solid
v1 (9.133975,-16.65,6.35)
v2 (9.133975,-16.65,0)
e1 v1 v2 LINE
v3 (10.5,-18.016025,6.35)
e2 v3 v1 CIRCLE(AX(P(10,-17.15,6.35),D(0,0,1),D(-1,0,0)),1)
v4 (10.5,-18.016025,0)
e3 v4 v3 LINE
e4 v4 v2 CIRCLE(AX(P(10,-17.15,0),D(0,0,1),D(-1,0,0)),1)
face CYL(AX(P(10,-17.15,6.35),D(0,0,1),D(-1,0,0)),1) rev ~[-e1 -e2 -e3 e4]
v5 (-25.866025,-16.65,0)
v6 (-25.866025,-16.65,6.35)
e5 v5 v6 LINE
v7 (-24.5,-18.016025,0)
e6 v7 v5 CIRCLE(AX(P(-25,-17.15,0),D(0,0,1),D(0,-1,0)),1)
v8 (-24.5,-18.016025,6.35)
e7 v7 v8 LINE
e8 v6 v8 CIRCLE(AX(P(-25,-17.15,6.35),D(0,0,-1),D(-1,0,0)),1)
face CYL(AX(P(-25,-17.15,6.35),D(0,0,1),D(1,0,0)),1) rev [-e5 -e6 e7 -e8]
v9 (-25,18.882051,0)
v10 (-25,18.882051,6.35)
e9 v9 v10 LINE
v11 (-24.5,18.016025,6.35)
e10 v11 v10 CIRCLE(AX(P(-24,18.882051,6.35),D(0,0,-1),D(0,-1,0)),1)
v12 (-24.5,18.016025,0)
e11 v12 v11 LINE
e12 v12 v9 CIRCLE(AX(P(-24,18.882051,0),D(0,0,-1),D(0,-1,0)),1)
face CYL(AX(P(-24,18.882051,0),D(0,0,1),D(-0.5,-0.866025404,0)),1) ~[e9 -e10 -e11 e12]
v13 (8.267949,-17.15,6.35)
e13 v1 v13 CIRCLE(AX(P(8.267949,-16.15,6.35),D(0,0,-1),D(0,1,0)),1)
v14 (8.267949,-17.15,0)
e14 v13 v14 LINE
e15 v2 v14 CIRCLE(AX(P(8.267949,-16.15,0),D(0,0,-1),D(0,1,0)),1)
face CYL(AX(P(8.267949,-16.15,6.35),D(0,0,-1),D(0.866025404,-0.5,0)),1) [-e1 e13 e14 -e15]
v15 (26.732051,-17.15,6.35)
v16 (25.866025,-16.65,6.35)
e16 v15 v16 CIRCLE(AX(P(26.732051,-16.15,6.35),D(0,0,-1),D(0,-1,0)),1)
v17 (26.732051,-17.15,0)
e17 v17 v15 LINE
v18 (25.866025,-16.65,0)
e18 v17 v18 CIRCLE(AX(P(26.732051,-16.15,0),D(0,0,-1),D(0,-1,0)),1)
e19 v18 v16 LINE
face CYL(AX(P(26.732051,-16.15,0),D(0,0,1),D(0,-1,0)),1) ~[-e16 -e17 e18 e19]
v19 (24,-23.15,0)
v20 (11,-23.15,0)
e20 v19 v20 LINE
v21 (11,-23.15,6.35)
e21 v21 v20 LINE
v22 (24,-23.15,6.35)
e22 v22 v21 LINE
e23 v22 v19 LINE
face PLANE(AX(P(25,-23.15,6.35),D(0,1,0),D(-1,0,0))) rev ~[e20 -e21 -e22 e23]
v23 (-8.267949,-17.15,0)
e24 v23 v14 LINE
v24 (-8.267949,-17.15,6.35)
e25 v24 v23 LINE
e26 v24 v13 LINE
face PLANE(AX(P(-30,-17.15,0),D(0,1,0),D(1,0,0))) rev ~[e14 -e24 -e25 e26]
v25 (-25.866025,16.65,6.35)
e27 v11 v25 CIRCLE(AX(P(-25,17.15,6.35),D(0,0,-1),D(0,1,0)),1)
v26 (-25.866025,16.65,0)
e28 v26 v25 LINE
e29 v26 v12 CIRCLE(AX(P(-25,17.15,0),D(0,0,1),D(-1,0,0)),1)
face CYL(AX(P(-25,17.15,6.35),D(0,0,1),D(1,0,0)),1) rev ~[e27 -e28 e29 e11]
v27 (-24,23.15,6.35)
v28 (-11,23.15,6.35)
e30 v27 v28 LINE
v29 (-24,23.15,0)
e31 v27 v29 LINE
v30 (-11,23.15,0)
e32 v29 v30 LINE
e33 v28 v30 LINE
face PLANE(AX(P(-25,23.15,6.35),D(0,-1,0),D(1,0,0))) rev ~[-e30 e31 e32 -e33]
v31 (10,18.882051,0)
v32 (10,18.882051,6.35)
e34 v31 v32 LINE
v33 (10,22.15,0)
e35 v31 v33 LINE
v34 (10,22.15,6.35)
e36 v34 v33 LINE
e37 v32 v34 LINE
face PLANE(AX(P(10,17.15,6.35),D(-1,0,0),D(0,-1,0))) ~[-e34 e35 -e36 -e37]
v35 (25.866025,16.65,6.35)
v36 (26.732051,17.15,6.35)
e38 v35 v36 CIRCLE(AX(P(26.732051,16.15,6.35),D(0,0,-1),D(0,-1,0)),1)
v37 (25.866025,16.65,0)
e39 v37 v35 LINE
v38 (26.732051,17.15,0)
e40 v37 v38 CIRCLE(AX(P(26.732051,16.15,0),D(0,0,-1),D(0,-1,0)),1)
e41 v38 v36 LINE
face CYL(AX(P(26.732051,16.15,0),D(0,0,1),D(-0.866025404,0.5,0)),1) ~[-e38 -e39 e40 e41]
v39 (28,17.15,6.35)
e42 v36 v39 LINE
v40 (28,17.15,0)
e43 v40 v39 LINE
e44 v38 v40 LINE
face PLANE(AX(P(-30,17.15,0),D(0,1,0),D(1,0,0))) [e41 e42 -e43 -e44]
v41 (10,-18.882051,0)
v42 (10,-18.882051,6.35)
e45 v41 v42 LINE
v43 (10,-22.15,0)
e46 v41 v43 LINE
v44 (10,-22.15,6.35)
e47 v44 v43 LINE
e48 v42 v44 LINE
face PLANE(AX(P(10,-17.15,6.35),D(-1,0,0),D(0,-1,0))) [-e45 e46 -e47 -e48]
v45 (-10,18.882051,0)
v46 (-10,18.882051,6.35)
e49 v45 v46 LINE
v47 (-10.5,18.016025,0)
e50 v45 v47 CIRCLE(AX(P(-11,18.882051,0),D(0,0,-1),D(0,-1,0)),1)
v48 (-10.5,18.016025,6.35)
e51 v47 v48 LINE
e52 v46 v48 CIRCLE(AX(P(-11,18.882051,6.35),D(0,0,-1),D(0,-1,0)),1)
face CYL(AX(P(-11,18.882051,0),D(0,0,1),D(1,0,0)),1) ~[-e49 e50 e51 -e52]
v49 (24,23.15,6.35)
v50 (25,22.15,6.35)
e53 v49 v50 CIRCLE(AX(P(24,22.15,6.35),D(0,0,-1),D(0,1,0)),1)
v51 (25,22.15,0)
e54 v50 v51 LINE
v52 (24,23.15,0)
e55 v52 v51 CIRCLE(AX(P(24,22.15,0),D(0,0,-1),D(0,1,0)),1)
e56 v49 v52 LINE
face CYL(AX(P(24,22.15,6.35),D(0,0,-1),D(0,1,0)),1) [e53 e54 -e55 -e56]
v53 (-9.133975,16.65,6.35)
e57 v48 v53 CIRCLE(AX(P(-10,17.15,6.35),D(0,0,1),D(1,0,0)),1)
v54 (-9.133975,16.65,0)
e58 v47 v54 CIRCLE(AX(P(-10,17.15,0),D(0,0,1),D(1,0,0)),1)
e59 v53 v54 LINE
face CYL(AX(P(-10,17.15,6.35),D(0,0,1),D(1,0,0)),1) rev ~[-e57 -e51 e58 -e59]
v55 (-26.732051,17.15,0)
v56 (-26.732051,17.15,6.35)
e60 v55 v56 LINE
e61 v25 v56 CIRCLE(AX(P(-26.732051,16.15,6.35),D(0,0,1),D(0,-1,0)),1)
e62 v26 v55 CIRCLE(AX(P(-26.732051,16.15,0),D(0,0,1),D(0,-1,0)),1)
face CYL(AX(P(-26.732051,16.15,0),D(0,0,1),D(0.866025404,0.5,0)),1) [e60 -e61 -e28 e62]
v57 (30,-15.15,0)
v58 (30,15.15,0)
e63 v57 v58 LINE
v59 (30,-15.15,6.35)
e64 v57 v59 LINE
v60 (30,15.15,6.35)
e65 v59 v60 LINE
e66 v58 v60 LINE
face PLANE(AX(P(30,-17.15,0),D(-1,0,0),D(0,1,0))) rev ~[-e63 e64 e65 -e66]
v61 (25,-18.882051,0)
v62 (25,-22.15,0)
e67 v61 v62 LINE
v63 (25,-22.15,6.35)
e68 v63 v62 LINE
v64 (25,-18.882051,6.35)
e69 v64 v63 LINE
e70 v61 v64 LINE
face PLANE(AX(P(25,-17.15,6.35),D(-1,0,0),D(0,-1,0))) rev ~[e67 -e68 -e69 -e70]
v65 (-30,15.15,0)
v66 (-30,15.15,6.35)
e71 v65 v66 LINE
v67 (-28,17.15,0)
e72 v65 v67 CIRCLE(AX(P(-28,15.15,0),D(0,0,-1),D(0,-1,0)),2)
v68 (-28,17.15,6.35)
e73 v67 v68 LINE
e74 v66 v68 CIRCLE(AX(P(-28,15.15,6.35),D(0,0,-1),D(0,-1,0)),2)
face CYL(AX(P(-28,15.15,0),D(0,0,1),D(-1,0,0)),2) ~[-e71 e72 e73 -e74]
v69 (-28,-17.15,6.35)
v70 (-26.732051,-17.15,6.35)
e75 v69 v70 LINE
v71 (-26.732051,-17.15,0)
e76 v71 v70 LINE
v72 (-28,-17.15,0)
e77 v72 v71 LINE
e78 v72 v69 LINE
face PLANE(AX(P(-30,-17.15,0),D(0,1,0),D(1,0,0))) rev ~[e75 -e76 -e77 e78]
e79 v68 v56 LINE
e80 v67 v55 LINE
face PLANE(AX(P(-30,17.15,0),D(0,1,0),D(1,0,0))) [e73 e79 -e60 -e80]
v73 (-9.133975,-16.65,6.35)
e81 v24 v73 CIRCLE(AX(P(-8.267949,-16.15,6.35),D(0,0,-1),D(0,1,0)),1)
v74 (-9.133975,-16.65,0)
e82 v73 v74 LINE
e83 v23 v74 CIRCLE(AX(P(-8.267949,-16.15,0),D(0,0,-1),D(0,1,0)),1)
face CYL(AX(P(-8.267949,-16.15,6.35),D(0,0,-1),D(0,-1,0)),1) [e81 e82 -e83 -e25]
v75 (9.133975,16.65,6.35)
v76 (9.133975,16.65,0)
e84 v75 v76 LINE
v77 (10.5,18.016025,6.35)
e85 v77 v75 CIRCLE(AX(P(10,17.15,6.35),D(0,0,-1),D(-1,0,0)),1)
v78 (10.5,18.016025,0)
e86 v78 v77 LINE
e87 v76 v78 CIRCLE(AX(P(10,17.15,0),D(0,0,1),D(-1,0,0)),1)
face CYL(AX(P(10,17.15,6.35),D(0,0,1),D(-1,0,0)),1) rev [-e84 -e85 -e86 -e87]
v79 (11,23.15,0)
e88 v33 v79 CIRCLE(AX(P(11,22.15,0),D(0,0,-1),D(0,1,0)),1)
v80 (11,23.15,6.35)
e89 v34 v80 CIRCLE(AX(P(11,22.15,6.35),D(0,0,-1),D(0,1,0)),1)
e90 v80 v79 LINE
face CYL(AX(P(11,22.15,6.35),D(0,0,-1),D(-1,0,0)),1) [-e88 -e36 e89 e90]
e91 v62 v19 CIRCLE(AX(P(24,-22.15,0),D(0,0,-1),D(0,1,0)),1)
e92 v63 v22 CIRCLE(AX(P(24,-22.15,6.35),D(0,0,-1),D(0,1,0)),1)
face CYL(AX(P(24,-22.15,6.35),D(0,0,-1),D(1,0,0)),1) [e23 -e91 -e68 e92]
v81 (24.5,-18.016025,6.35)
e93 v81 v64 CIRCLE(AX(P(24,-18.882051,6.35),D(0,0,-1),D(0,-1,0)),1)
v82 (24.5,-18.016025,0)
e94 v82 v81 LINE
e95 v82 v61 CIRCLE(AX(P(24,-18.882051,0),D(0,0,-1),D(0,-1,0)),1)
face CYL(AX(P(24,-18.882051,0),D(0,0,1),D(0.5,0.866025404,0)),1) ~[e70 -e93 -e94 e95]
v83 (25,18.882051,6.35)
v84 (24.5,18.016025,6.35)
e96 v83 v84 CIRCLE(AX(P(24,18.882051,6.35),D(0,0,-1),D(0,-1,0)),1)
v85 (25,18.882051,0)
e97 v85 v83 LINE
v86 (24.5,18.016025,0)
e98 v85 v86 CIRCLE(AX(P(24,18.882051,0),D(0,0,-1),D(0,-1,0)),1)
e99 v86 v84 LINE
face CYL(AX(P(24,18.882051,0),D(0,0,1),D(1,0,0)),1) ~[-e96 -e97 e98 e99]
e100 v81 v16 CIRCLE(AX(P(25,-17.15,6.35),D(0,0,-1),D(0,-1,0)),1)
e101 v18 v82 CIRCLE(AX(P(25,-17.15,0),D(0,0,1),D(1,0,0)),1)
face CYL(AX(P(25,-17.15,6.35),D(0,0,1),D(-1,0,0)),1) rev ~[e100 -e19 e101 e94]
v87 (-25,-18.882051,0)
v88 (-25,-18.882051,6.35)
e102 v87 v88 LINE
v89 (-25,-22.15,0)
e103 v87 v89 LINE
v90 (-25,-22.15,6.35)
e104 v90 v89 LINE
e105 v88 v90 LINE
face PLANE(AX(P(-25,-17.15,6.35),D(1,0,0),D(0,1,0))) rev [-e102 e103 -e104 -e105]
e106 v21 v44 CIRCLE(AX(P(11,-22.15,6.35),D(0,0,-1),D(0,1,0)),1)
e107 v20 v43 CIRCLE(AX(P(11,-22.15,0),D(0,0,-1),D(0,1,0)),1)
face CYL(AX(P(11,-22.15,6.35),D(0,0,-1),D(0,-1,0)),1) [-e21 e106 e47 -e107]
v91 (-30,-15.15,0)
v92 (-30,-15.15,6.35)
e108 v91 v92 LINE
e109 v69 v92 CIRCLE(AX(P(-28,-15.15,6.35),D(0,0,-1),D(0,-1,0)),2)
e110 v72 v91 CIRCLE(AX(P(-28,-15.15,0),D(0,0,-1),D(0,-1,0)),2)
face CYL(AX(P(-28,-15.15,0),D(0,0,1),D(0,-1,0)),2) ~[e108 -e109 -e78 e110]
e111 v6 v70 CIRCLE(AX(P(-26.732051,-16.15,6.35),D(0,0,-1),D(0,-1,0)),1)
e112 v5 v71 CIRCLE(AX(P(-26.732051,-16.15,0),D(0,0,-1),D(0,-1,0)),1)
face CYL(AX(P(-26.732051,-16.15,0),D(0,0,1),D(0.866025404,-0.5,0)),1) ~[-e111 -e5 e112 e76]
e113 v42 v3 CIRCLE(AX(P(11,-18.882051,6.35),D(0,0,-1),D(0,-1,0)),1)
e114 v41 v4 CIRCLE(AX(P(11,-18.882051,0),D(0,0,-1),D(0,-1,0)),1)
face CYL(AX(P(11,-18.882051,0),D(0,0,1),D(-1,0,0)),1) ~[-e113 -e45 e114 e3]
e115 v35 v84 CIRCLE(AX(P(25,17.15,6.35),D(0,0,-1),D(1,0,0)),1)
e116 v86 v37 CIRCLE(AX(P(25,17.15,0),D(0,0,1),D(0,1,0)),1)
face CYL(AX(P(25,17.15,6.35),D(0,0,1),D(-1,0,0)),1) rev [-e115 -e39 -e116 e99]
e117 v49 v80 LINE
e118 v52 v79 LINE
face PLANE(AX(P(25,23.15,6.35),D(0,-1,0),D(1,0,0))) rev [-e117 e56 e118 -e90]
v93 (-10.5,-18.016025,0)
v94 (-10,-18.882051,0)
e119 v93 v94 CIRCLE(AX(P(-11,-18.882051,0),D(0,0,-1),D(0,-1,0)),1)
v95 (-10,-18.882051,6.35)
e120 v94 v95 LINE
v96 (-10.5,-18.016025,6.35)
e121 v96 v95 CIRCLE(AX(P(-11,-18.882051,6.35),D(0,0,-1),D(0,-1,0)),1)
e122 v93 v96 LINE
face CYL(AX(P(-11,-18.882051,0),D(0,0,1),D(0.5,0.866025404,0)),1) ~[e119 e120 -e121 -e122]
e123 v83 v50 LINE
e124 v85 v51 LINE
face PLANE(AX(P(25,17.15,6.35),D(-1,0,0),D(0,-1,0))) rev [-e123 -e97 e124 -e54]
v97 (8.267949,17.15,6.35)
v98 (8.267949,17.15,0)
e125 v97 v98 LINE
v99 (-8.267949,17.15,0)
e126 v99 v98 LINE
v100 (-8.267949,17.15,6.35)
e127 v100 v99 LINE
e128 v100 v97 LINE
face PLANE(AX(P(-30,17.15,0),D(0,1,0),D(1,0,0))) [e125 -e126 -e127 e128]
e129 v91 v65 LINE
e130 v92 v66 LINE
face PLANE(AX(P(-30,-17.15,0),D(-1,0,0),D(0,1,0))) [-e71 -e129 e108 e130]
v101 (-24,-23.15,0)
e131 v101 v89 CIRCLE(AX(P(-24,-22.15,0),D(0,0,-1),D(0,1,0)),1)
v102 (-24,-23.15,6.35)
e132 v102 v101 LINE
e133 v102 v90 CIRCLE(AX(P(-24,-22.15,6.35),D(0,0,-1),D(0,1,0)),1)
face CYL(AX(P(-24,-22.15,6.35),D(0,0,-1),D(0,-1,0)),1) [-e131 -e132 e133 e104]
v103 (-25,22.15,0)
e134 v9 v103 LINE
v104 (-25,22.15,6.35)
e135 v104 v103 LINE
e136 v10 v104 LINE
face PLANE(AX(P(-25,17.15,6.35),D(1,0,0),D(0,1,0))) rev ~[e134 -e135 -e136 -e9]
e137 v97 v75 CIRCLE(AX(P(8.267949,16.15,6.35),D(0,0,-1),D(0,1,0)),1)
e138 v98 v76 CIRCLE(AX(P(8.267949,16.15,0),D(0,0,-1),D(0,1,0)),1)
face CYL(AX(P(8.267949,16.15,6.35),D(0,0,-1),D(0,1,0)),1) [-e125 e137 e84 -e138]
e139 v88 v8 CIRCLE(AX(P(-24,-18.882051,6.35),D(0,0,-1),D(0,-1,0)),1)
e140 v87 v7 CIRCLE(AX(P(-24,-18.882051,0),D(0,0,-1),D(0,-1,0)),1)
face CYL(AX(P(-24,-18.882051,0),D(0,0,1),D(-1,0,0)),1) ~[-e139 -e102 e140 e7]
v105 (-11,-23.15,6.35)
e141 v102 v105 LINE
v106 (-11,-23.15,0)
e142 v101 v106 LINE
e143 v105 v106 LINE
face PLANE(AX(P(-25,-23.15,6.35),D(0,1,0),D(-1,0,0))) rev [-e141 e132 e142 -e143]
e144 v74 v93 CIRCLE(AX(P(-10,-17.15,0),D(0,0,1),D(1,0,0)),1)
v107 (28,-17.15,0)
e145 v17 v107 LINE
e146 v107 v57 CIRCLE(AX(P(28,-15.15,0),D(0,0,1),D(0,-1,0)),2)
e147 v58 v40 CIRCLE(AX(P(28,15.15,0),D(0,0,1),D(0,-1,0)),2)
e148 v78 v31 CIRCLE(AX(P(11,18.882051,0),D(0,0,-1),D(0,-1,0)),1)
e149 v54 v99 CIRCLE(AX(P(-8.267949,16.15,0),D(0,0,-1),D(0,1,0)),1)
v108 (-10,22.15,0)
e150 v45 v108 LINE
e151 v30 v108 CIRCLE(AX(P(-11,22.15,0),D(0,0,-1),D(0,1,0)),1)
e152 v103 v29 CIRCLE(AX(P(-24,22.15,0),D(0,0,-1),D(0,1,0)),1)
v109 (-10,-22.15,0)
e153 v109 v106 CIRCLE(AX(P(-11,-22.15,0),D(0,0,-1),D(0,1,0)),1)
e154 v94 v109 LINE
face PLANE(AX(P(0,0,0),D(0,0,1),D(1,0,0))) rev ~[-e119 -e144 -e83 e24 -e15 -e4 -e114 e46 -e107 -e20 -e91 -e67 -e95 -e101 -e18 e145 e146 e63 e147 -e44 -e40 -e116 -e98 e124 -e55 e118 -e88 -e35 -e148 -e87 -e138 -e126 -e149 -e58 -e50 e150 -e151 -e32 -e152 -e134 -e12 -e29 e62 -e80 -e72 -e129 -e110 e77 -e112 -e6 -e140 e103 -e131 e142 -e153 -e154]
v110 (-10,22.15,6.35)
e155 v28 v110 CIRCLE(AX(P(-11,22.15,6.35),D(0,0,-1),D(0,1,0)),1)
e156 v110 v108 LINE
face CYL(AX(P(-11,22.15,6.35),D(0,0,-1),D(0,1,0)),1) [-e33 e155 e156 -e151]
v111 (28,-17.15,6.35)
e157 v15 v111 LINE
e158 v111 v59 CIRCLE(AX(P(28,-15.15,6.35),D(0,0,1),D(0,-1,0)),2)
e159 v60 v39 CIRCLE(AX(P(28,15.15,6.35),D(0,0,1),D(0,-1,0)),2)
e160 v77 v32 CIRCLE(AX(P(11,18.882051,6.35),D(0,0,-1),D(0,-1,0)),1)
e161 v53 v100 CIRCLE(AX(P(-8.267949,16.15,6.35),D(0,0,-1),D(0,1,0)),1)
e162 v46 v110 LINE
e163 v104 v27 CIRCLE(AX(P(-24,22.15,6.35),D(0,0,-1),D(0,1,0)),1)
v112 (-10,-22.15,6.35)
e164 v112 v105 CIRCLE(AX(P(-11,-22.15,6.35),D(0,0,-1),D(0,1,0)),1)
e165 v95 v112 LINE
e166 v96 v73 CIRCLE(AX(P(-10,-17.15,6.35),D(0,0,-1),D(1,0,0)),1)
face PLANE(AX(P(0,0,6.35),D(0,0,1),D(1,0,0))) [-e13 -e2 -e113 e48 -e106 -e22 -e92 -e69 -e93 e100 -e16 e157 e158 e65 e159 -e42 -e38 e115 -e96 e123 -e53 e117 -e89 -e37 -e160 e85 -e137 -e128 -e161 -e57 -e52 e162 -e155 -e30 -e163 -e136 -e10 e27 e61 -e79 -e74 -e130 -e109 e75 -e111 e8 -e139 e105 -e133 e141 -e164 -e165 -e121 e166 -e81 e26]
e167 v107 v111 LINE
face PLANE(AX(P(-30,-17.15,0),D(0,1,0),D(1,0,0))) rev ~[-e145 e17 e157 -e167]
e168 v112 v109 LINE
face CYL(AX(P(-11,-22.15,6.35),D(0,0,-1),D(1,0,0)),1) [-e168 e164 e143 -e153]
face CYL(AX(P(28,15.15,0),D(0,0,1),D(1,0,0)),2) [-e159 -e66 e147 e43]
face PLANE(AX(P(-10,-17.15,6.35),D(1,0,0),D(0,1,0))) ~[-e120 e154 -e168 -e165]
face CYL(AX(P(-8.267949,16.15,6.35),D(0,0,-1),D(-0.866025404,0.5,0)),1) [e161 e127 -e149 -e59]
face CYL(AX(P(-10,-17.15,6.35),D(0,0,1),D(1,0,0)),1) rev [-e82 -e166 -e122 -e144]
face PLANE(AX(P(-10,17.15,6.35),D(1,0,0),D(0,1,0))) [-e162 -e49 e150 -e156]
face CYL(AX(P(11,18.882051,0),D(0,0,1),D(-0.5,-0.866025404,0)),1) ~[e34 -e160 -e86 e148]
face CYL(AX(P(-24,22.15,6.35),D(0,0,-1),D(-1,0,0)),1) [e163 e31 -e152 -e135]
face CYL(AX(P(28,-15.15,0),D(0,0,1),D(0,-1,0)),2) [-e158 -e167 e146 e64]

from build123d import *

# Parameters (mm, degrees)
SKETCH1_W               = 60
SKETCH1_H               = 34.3
BOSS_EXTRUDE1_DEPTH     = 6.35
SKETCH2_W               = 15
SKETCH2_H               = 6
BOSS_EXTRUDE2_DEPTH     = 6.35
SKETCH3_R               = 1
CUT_EXTRUDE1_DEPTH      = 7.35
MIRROR2_COPY_1_SKETCH_W = 15
MIRROR2_COPY_1_SKETCH_H = 6
MIRROR2_COPY_1_DEPTH    = 6.35
MIRROR2_COPY_2_SKETCH_R = 1
MIRROR2_COPY_2_DEPTH    = 7.35
FILLET1_R               = 1
FILLET2_R               = 2


with BuildPart() as part:
    # Sketch1 → Boss-Extrude1 (new body)
    with BuildSketch(Plane.XY):
        Rectangle(SKETCH1_W, SKETCH1_H)
    extrude(amount=BOSS_EXTRUDE1_DEPTH)

    # Sketch2 → Boss-Extrude2 (add)
    with BuildSketch(Plane.XY.offset(6.35)):
        with Locations((-17.5, 20.15)):
            Rectangle(SKETCH2_W, SKETCH2_H)
    boss_extrude2 = extrude(amount=-BOSS_EXTRUDE2_DEPTH)

    # Sketch3 → Cut-Extrude1 (cut, through all)
    with BuildSketch(Plane.XY.offset(6.35)):
        with Locations((-25, 17.15)):
            Circle(SKETCH3_R)
        with Locations((-10, 17.15)):
            Circle(SKETCH3_R)
    cut_extrude1 = extrude(amount=-CUT_EXTRUDE1_DEPTH, mode=Mode.SUBTRACT)

    # Mirror1: Boss-Extrude2, Cut-Extrude1 across plane
    add(boss_extrude2.mirror(Plane(origin=(0, 0, 0), x_dir=(0, 0, 1), z_dir=(1, 0, 0))))
    add(cut_extrude1.mirror(Plane(origin=(0, 0, 0), x_dir=(0, 0, 1), z_dir=(1, 0, 0))), mode=Mode.SUBTRACT)

    # Mirror2: Boss-Extrude2, Cut-Extrude1 across plane
    add(boss_extrude2.mirror(Plane.ZX))
    add(cut_extrude1.mirror(Plane.ZX), mode=Mode.SUBTRACT)

    # Mirror2 copy 1 sketch → Mirror2 copy 1 (add)
    with BuildSketch(Plane(origin=(0, 0, 6.35), x_dir=(-1, 0, 0), z_dir=(0, 0, 1))):
        with Locations((-17.5, 20.15)):
            Rectangle(MIRROR2_COPY_1_SKETCH_W, MIRROR2_COPY_1_SKETCH_H)
    extrude(amount=-MIRROR2_COPY_1_DEPTH)

    # Mirror2 copy 2 sketch → Mirror2 copy 2 (cut, through all)
    with BuildSketch(Plane(origin=(0, 0, 6.35), x_dir=(-1, 0, 0), z_dir=(0, 0, 1))):
        with Locations((-25, 17.15)):
            Circle(MIRROR2_COPY_2_SKETCH_R)
        with Locations((-10, 17.15)):
            Circle(MIRROR2_COPY_2_SKETCH_R)
    extrude(amount=-MIRROR2_COPY_2_DEPTH, mode=Mode.SUBTRACT)

    # Fillet1
    fillet1_edges = [part.edges().sort_by_distance(p)[0] for p in [
        (26, -17.15, 3.175),
        (9, -17.15, 3.175),
        (-10, -23.15, 3.175),
        (-25, -23.15, 3.175),
        (-25, -18.15, 3.175),
        (-10, -18.15, 3.175),
        (-26, -17.15, 3.175),
        (-9, -17.15, 3.175),
        (-25, 23.15, 3.175),
        (-10, 23.15, 3.175),
        (-10, 18.15, 3.175),
        (-25, 18.15, 3.175),
        (-26, 17.15, 3.175),
        (-9, 17.15, 3.175),
        (10, 23.15, 3.175),
        (25, 23.15, 3.175),
        (25, 18.15, 3.175),
        (10, 18.15, 3.175),
        (26, 17.15, 3.175),
        (9, 17.15, 3.175),
        (25, -23.15, 3.175),
        (10, -23.15, 3.175),
        (10, -18.15, 3.175),
        (25, -18.15, 3.175),
    ]]
    fillet(fillet1_edges, radius=FILLET1_R)

    # Fillet2
    fillet2_edges = [part.edges().sort_by_distance(p)[0] for p in [
        (-30, 17.15, 3.175),
        (30, 17.15, 3.175),
        (30, -17.15, 3.175),
        (-30, -17.15, 3.175),
    ]]
    fillet(fillet2_edges, radius=FILLET2_R)


solid = part.part
